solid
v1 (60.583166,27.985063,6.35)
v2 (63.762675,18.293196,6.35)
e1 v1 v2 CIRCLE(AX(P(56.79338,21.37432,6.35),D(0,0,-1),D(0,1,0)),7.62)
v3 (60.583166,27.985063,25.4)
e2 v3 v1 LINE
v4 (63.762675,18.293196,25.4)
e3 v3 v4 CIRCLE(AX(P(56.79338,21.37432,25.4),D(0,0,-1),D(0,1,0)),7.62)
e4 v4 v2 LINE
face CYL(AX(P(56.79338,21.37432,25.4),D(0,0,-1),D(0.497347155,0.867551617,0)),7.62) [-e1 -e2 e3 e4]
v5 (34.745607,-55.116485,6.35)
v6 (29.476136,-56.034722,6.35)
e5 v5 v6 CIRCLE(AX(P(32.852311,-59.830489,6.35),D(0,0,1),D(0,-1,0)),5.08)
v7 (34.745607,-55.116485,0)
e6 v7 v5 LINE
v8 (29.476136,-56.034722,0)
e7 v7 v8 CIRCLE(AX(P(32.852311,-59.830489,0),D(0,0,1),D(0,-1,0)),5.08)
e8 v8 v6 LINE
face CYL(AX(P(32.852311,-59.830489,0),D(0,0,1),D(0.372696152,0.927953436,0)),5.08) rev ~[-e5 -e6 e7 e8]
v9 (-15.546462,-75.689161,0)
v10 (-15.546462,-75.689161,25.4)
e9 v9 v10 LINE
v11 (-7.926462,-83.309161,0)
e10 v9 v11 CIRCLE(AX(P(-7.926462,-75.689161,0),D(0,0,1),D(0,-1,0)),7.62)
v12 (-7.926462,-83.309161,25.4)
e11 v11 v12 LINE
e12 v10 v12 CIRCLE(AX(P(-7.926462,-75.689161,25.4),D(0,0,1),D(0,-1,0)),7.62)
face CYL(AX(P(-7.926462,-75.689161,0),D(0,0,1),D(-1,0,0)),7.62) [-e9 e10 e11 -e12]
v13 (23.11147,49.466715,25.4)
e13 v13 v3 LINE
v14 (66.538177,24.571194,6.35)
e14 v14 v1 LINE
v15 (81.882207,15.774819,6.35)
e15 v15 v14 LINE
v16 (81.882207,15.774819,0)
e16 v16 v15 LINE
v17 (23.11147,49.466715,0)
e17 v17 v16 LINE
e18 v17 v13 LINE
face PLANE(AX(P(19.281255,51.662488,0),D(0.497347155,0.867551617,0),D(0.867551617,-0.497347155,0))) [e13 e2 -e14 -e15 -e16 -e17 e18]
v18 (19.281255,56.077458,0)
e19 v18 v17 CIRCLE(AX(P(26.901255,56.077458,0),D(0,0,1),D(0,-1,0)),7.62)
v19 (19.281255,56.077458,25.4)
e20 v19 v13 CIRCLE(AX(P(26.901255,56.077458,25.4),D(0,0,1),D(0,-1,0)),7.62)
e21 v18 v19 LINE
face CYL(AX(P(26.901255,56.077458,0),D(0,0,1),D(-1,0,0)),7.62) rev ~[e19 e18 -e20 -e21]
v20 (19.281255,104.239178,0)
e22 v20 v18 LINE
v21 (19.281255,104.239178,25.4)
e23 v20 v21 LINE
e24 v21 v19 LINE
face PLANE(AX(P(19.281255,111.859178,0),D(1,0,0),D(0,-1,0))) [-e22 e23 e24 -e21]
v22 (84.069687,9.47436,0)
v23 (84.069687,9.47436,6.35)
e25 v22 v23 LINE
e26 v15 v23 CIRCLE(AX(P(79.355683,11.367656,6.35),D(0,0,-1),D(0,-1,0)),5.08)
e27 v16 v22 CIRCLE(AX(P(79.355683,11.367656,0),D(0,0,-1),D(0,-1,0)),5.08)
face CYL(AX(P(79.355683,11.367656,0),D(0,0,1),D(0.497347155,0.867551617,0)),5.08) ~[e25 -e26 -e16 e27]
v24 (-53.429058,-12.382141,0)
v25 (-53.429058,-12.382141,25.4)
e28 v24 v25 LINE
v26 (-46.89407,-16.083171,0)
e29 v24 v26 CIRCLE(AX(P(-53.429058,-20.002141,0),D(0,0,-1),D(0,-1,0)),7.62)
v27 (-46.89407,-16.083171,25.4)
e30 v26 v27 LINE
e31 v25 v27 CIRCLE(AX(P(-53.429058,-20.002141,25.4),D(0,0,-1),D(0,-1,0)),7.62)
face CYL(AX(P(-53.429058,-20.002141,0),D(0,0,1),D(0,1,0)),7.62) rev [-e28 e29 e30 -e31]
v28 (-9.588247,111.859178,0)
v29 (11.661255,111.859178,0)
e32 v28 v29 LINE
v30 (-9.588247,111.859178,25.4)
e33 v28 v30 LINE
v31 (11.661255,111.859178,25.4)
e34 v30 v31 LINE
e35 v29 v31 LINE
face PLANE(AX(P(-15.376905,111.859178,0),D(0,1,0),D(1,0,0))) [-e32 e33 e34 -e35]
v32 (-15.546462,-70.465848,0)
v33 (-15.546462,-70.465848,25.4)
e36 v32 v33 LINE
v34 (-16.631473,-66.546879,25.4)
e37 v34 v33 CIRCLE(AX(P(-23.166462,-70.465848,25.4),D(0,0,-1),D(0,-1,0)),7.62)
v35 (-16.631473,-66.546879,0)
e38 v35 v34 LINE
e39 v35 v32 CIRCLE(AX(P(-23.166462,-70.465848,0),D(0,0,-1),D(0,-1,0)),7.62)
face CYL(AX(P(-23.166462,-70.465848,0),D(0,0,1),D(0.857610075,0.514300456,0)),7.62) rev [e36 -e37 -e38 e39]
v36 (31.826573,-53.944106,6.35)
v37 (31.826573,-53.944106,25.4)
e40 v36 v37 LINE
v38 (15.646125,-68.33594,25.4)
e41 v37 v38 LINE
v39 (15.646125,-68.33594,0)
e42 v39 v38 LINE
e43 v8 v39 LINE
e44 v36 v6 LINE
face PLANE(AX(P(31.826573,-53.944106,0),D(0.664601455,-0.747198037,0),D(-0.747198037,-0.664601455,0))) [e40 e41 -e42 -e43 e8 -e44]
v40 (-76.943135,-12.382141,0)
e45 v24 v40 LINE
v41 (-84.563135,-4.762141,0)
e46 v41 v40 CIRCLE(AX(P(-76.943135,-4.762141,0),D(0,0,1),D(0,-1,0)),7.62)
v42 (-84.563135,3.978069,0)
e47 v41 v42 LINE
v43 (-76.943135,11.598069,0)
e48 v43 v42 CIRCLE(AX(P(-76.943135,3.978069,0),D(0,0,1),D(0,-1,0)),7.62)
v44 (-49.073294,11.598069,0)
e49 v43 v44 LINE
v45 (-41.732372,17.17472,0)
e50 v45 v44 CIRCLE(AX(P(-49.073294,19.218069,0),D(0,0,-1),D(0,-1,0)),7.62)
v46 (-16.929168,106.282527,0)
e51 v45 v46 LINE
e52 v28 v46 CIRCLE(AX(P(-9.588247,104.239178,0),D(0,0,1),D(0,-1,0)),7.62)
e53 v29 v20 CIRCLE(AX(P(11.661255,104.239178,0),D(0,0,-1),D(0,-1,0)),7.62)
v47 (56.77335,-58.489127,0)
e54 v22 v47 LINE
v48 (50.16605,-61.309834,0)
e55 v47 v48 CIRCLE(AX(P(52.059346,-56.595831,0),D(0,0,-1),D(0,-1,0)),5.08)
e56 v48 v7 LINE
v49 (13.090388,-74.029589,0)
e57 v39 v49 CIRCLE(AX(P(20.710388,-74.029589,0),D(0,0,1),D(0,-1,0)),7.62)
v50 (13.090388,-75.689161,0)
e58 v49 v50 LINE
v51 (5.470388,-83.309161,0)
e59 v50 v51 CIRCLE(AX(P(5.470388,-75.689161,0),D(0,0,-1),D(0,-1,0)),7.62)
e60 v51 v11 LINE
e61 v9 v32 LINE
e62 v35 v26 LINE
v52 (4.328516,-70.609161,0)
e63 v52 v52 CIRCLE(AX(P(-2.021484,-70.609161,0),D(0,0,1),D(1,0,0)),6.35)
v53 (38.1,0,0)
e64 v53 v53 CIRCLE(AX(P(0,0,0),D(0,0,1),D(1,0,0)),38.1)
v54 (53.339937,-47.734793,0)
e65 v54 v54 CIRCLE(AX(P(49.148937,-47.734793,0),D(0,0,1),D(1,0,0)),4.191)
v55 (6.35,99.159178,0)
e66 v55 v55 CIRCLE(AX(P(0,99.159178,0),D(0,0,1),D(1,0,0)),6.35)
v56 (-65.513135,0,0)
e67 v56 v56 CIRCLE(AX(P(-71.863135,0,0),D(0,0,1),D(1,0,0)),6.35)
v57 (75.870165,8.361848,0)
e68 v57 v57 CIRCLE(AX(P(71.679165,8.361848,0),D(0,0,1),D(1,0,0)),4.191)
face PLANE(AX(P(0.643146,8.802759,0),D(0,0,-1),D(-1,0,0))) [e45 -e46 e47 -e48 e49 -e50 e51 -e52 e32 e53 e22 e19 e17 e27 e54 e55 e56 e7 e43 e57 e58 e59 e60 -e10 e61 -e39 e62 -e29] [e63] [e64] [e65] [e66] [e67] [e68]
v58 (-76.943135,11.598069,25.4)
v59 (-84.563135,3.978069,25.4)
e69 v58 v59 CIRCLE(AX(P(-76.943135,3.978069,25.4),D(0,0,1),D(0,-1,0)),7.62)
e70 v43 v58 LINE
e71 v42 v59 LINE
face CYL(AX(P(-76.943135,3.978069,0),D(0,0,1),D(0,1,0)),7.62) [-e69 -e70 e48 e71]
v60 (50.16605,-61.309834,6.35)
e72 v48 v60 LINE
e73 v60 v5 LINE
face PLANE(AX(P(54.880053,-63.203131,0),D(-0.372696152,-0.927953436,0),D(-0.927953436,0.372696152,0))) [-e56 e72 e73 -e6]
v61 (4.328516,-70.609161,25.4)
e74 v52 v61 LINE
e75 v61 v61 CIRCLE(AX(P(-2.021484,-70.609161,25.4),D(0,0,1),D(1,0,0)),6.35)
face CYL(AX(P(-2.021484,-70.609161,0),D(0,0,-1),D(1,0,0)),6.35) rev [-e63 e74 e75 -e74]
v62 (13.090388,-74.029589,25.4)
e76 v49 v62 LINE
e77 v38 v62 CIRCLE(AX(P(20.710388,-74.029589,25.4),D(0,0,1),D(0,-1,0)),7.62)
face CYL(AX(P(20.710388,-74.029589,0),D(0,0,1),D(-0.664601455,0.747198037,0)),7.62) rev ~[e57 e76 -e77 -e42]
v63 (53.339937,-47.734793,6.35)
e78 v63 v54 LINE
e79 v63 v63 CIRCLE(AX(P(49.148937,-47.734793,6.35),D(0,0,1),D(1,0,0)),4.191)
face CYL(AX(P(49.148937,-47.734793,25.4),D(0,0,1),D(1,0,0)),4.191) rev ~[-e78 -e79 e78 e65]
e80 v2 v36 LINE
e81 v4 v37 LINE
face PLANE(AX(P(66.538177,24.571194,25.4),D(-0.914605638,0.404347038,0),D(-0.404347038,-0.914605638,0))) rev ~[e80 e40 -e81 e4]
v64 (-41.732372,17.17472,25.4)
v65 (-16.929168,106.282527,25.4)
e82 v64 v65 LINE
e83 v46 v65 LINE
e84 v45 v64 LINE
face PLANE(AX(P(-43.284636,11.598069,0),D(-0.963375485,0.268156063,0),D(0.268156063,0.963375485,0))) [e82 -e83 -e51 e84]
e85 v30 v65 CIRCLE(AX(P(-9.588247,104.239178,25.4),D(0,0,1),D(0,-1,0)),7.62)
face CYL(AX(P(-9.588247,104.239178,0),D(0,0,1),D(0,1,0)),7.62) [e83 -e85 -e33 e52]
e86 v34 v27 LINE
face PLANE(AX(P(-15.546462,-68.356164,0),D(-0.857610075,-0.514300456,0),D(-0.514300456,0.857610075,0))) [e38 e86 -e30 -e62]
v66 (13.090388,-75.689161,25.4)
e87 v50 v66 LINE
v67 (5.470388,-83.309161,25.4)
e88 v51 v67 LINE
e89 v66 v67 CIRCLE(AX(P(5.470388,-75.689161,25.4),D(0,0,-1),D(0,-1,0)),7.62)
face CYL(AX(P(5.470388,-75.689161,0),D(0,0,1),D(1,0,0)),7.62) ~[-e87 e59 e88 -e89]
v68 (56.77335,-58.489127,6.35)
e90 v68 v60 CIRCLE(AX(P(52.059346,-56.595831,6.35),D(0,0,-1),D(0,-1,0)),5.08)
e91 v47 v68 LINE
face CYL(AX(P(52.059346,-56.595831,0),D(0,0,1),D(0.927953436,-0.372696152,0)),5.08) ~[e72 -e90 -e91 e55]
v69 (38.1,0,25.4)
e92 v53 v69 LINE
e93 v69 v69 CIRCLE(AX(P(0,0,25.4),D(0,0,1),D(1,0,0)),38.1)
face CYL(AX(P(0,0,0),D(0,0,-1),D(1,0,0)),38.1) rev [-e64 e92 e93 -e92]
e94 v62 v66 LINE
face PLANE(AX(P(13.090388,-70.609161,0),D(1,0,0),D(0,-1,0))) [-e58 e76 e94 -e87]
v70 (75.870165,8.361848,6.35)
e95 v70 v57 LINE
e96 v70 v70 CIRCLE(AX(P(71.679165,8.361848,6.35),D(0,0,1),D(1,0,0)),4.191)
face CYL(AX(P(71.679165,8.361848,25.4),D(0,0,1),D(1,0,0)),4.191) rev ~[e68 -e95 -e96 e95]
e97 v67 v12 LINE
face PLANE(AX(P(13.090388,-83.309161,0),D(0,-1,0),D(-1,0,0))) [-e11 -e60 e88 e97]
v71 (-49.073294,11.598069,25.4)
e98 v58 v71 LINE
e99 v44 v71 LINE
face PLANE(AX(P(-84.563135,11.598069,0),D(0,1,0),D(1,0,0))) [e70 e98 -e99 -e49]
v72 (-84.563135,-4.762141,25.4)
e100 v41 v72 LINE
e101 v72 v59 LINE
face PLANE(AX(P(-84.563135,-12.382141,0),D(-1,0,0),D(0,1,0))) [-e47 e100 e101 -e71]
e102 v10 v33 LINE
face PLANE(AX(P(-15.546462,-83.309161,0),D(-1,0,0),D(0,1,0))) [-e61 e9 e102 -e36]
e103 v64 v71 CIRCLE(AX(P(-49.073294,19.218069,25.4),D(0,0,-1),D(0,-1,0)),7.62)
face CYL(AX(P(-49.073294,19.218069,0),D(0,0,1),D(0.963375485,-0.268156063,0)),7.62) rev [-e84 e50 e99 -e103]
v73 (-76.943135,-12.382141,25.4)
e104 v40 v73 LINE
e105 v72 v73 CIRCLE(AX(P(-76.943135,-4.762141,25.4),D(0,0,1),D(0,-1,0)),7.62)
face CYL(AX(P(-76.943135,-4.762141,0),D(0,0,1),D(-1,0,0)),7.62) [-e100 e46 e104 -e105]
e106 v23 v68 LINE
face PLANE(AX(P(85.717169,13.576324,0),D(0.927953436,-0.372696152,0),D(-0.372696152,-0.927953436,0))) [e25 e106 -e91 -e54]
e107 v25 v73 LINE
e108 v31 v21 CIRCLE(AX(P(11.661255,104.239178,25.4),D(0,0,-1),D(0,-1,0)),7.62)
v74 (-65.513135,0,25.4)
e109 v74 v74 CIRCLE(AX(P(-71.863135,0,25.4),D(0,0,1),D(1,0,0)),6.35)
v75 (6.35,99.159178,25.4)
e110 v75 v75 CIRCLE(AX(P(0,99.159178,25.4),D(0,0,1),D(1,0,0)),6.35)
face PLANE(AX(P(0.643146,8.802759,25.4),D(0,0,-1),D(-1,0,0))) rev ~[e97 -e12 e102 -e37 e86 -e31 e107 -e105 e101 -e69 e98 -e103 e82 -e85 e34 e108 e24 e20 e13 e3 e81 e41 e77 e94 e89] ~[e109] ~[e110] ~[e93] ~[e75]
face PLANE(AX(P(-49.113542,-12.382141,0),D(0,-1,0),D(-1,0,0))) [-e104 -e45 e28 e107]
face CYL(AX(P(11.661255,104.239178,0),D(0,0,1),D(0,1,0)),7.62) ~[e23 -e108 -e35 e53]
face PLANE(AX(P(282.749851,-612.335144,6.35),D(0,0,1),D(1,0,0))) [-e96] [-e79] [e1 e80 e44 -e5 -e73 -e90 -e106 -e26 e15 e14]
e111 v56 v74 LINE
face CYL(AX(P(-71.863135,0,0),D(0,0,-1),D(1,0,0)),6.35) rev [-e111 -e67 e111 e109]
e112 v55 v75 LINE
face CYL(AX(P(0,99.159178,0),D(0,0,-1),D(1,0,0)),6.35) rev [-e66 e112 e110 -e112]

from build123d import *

# Parameters (mm, degrees)
SKETCH1_R           = 38.1
SKETCH1_R_2         = 6.35
BOSS_EXTRUDE1_DEPTH = 25.4
CUT_EXTRUDE1_DEPTH  = 19.05
SKETCH3_R           = 4.191
CUT_EXTRUDE2_DEPTH  = 144.195909909
FILLET1_R           = 7.62
FILLET2_R           = 5.08


with BuildPart() as part:
    # Sketch1 → Boss-Extrude1 (new body)
    with BuildSketch(Plane.XY):
        Polygon((-15.376904817, 111.859177573), (19.281255226, 111.859177573), (19.281255226, 51.662487547), (85.717168685, 13.57632424), (54.880053148, -63.203130515), (31.826573213, -53.944106385), (13.090387594, -70.609161185), (13.090387594, -83.309161185), (-15.546461726, -83.309161185), (-15.546461726, -68.356164498), (-49.113541671, -12.382140744), (-84.5631354, -12.382140744), (-84.5631354, 11.598068918), (-43.284636092, 11.598068918), align=None)
        Circle(SKETCH1_R, mode=Mode.SUBTRACT)
        with Locations((0, 99.159177573)):
            Circle(SKETCH1_R_2, mode=Mode.SUBTRACT)
        with Locations((-2.02148369, -70.609161185)):
            Circle(SKETCH1_R_2, mode=Mode.SUBTRACT)
        with Locations((-71.8631354, 0)):
            Circle(SKETCH1_R_2, mode=Mode.SUBTRACT)
    extrude(amount=BOSS_EXTRUDE1_DEPTH)

    # Sketch2 → Cut-Extrude1 (cut)
    with BuildSketch(Plane.XY.offset(25.4)):
        Polygon((445.884060036, -192.898973947), (85.717168685, 13.57632424), (66.538177491, 24.571193621), (31.826573213, -53.944106385), (-136.039422118, -433.645628635), (181.37430947, -1200.885797388), (763.297791624, -960.1391427), align=None)
    extrude(amount=-CUT_EXTRUDE1_DEPTH, mode=Mode.SUBTRACT)

    # Sketch3 → Cut-Extrude2 (cut, through all)
    with BuildSketch(Plane.XY.offset(25.4)):
        with Locations((71.679164996, 8.361848351)):
            Circle(SKETCH3_R)
        with Locations((49.148937242, -47.734792738)):
            Circle(SKETCH3_R)
    extrude(amount=-CUT_EXTRUDE2_DEPTH, mode=Mode.SUBTRACT)

    # Fillet1
    fillet1_edges = [part.edges().sort_by_distance(p)[0] for p in [
        (13.090387594, -70.609161185, 12.7),
        (13.090387594, -83.309161185, 12.7),
        (-15.546461726, -83.309161185, 12.7),
        (-15.546461726, -68.356164498, 12.7),
        (-49.113541671, -12.382140744, 12.7),
        (-84.5631354, -12.382140744, 12.7),
        (-84.5631354, 11.598068918, 12.7),
        (-43.284636092, 11.598068918, 12.7),
        (-15.376904817, 111.859177573, 12.7),
        (19.281255226, 111.859177573, 12.7),
        (19.281255226, 51.662487547, 12.7),
        (66.538177491, 24.571193621, 15.875),
    ]]
    fillet(fillet1_edges, radius=FILLET1_R)

    # Fillet2
    fillet2_edges = [part.edges().sort_by_distance(p)[0] for p in [
        (85.717168685, 13.57632424, 3.175),
        (54.880053148, -63.203130515, 3.175),
        (31.826573213, -53.944106385, 3.175),
    ]]
    fillet(fillet2_edges, radius=FILLET2_R)


solid = part.part
